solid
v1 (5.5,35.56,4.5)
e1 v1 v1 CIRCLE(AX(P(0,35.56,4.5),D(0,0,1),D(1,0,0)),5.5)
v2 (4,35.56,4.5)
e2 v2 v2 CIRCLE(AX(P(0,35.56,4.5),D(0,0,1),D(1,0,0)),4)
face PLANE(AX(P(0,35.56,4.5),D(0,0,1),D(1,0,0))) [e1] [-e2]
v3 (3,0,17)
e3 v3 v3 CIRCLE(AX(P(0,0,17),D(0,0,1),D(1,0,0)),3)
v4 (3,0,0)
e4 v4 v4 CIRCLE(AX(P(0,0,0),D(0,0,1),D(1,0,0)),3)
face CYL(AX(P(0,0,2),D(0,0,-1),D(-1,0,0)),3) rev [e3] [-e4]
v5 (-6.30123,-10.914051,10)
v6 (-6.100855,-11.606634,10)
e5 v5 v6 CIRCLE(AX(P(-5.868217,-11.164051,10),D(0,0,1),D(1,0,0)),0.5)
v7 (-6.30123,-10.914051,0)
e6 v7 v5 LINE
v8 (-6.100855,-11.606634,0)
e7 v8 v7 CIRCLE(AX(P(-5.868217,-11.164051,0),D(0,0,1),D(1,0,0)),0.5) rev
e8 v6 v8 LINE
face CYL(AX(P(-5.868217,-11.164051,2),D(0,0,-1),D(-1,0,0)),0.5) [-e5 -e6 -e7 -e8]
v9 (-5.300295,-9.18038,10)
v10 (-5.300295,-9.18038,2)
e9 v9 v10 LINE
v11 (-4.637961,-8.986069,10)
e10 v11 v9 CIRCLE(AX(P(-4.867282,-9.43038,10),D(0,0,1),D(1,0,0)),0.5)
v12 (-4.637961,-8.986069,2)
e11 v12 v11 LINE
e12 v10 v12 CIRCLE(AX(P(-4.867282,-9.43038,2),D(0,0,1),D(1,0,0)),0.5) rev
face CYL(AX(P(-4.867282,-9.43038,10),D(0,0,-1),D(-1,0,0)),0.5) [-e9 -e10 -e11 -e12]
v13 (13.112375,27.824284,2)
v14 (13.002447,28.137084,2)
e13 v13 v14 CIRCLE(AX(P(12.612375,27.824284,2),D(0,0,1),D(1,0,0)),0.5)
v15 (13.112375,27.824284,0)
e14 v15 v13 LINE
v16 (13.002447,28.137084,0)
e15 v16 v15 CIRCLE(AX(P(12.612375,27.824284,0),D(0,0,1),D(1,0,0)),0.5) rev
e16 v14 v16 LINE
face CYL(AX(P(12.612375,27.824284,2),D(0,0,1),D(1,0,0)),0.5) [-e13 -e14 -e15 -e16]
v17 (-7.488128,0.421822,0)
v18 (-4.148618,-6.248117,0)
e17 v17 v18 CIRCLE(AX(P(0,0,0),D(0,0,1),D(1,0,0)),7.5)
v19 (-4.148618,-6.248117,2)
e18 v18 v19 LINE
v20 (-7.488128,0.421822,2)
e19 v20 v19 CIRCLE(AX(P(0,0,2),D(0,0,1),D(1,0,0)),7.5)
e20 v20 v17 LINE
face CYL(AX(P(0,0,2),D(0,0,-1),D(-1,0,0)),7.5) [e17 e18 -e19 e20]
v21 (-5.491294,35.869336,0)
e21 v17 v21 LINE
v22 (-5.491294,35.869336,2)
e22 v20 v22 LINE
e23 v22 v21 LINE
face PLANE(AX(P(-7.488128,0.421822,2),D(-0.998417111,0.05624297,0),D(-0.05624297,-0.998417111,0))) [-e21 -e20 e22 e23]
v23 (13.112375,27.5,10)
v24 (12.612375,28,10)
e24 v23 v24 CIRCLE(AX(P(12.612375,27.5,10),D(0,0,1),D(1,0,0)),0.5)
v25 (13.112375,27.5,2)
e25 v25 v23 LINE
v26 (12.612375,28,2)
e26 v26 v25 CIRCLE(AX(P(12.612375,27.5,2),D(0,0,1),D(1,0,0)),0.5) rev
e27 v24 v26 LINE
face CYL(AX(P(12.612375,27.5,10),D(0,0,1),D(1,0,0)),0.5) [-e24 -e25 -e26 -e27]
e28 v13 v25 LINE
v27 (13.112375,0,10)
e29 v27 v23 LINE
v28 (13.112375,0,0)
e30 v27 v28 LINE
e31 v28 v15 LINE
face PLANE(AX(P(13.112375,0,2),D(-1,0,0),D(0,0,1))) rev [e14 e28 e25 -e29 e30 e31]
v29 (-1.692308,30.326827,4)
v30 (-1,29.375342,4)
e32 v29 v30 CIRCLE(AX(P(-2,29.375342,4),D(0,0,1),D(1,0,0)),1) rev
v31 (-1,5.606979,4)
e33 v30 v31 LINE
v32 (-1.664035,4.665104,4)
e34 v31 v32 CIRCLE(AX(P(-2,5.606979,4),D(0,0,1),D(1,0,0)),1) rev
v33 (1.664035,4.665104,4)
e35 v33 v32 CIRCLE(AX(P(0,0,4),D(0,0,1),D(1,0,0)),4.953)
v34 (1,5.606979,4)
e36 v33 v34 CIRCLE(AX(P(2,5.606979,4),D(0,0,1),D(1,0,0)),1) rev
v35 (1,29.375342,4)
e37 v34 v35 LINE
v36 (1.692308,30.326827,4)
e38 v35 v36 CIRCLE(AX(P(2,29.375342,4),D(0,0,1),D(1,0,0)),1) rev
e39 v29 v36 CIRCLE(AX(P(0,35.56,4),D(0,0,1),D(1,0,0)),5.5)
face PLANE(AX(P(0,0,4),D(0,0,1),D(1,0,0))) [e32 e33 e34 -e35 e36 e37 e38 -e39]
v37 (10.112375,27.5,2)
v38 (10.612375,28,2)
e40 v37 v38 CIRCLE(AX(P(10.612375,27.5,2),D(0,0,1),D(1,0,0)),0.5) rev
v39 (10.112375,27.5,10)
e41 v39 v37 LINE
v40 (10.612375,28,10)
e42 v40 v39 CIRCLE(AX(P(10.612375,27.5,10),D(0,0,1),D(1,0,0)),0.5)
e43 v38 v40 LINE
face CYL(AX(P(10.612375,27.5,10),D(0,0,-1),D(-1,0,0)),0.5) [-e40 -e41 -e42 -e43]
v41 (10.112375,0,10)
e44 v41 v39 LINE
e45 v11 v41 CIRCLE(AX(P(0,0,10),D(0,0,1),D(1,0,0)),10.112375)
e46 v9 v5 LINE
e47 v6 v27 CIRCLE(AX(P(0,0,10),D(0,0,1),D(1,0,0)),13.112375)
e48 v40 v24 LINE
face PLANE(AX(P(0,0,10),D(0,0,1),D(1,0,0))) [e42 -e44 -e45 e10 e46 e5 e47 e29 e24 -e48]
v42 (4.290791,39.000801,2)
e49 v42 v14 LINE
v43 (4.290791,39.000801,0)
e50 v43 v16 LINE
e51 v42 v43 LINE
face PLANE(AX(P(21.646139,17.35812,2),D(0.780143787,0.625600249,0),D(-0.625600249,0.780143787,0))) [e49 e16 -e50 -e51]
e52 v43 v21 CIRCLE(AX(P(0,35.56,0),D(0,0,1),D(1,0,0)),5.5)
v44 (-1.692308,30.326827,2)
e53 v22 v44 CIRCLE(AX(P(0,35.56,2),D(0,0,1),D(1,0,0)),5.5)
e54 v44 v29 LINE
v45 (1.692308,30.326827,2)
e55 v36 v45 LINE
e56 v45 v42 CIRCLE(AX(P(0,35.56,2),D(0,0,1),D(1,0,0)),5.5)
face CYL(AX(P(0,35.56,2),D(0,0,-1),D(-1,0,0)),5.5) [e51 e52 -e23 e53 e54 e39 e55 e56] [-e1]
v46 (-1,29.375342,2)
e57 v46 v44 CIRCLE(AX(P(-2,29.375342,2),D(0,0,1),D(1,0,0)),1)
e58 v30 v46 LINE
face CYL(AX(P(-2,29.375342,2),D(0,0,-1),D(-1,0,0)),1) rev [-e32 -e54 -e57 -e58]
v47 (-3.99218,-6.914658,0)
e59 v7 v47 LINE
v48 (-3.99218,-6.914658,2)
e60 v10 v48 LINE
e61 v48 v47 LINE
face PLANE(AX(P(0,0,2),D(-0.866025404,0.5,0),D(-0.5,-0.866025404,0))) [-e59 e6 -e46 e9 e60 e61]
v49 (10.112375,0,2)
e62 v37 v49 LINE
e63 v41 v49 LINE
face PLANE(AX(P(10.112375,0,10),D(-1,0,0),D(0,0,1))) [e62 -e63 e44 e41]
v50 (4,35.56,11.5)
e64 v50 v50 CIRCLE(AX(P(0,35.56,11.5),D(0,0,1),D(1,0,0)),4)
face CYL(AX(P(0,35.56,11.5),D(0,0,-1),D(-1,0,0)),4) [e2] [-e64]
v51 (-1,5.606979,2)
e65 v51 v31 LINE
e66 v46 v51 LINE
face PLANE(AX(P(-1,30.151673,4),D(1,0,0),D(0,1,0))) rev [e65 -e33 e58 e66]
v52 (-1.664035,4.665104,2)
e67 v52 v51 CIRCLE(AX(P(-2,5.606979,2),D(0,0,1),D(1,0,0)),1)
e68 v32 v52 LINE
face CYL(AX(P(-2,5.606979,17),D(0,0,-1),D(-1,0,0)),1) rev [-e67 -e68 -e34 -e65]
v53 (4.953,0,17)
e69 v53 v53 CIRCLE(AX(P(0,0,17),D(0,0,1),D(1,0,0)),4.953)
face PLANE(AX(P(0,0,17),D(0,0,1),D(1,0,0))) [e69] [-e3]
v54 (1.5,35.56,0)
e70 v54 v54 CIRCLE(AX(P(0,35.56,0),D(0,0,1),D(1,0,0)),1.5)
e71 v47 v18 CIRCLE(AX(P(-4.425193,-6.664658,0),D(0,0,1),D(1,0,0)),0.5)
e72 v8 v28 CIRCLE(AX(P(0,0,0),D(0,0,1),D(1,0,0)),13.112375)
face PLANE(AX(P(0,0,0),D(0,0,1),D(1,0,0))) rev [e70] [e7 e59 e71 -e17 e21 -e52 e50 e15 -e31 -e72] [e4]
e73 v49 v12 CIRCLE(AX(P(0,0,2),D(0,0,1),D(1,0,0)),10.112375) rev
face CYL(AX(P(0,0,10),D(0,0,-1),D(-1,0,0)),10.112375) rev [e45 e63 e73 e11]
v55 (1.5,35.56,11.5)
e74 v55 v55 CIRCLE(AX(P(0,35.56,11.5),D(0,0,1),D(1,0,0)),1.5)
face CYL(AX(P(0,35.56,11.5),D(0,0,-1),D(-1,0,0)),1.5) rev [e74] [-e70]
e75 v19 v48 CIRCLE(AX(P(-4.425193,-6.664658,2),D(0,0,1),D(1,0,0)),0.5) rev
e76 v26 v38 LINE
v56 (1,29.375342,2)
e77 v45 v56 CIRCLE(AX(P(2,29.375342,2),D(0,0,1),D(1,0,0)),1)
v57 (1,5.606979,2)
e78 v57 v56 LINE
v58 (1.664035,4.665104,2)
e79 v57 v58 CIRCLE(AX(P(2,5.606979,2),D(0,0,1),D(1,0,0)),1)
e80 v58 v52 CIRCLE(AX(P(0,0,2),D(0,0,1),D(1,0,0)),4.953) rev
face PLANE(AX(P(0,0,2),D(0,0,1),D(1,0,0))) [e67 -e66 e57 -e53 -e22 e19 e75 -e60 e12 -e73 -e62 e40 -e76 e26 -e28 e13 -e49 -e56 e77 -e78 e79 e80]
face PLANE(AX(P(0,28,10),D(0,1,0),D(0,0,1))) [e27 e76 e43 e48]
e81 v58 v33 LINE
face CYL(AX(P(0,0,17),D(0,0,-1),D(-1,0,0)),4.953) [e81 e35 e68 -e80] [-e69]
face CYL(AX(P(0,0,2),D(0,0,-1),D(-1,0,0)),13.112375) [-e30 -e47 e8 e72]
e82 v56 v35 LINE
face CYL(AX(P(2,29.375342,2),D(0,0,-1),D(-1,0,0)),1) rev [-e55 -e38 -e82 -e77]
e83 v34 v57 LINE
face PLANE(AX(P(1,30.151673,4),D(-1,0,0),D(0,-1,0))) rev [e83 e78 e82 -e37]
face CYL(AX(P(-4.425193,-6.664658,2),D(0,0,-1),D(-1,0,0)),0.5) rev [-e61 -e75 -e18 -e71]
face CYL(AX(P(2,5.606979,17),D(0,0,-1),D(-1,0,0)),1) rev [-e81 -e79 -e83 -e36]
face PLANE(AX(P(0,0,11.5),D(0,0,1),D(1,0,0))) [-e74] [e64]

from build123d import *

# Parameters (mm, degrees)
SKETCH1_R           = 4.000000000000001
SKETCH1_R_2         = 3
BOSS_EXTRUDE1_DEPTH = 2
SKETCH1_3_R         = 4.953
SKETCH1_3_R_2       = 3
BOSS_EXTRUDE2_DEPTH = 17
BOSS_EXTRUDE3_DEPTH = 10
SKETCH1_6_R         = 4.000000000000001
SKETCH1_6_R_2       = 1.500000000000002
BOSS_EXTRUDE4_DEPTH = 11.5
BOSS_EXTRUDE5_START = 2
SKETCH1_7_R         = 5.499999999999999
SKETCH1_7_R_2       = 4.000000000000001
BOSS_EXTRUDE5_DEPTH = 2.5
BOSS_EXTRUDE6_DEPTH = 2
FILLET3_R           = 0.5
FILLET4_R           = 0.5
FILLET5_R           = 0.5
FILLET6_R           = 1


with BuildPart() as part:
    # Sketch1 → Boss-Extrude1 (new body)
    with BuildSketch(Plane.XY):
        with BuildLine():
            ThreePointArc((-6.556187499999929, -11.355649853948018), (6.556187500000035, -11.355649853947956), (13.112374999999998, 2.22e-15))
            Line((13.112374999999998, 0), (13.112374999999998, 28))
            Line((13.112374999999998, 28), (4.290790826966845, 39.00080137165997))
            ThreePointArc((4.2907908269668456, 39.00080137165997), (-1.6768483404792127, 40.79814658472174), (-5.491294112785424, 35.869336332958376))
            Line((-5.491294112785426, 35.869336332958376), (-7.488128335616488, 0.42182227221597307))
            ThreePointArc((-7.488128335616491, 0.42182227221597324), (-6.5981170528310535, -3.5657890230831226), (-3.74999999999996, -6.495190528383313))
            Line((-3.74999999999996, -6.495190528383313), (-6.556187499999929, -11.355649853948018))
        make_face()
        with Locations((0, 35.559999999999995)):
            Circle(SKETCH1_R, mode=Mode.SUBTRACT)
        Circle(SKETCH1_R_2, mode=Mode.SUBTRACT)
    extrude(amount=BOSS_EXTRUDE1_DEPTH)

    # Sketch1<3> → Boss-Extrude2 (add)
    with BuildSketch(Plane.XY):
        Circle(SKETCH1_3_R)
        Circle(SKETCH1_3_R_2, mode=Mode.SUBTRACT)
    extrude(amount=BOSS_EXTRUDE2_DEPTH)

    # Sketch1<5> → Boss-Extrude3 (add)
    with BuildSketch(Plane.XY):
        with BuildLine():
            Line((10.112375, 28), (10.112375, 0))
            ThreePointArc((10.112375, -8.9e-16), (5.056187500000027, -8.757573642594647), (-5.056187499999945, -8.757573642594695))
            Line((-5.056187499999945, -8.757573642594695), (-6.556187499999929, -11.355649853948018))
            ThreePointArc((-6.556187499999929, -11.355649853948018), (6.556187500000035, -11.355649853947956), (13.112374999999998, 2.22e-15))
            Line((13.112374999999998, 0), (13.112374999999998, 28))
            Line((13.112374999999998, 28), (10.112375, 28))
        make_face()
    extrude(amount=BOSS_EXTRUDE3_DEPTH)

    # Sketch1<6> → Boss-Extrude4 (add)
    with BuildSketch(Plane.XY):
        with Locations((0, 35.559999999999995)):
            Circle(SKETCH1_6_R)
        with Locations((0, 35.559999999999995)):
            Circle(SKETCH1_6_R_2, mode=Mode.SUBTRACT)
    extrude(amount=BOSS_EXTRUDE4_DEPTH)

    # Sketch1<7> → Boss-Extrude5 (add)
    with BuildSketch(Plane.XY.offset(BOSS_EXTRUDE5_START)):
        with Locations(Location((0, 35.559999999999995, 0), (0, 0, 176.775813858))):
            Circle(SKETCH1_7_R)
        with Locations((0, 35.559999999999995)):
            Circle(SKETCH1_7_R_2, mode=Mode.SUBTRACT)
    extrude(amount=BOSS_EXTRUDE5_DEPTH)

    # Sketch3 → Boss-Extrude6 (add)
    with BuildSketch(Plane.XY.offset(2)):
        Polygon((-1, 30.151673086804013), (1, 30.151673086804013), (0.9999999999999977, 4.851000824572183), (-0.9999999999999977, 4.851000824572183), align=None)
    extrude(amount=BOSS_EXTRUDE6_DEPTH)

    # Fillet3
    fillet3_edges = [part.edges().sort_by_distance(p)[0] for p in [
        (10.112375, 28, 6),
        (13.112374999999998, 28, 6),
    ]]
    fillet(fillet3_edges, radius=FILLET3_R)

    # Fillet4
    fillet4_edges = [part.edges().sort_by_distance(p)[0] for p in [
        (13.112374999999998, 28, 1),
    ]]
    fillet(fillet4_edges, radius=FILLET4_R)

    # Fillet5
    fillet5_edges = [part.edges().sort_by_distance(p)[0] for p in [
        (-6.556187499999929, -11.355649853948018, 5),
        (-3.7499999999999605, -6.495190528383313, 1),
        (-5.056187499999946, -8.757573642594695, 6),
    ]]
    fillet(fillet5_edges, radius=FILLET5_R)

    # Fillet6
    fillet6_edges = [part.edges().sort_by_distance(p)[0] for p in [
        (-1, 30.151673086804013, 3),
        (-0.9999999999999977, 4.851000824572183, 3),
        (0.9999999999999977, 4.851000824572183, 3),
        (1, 30.151673086804013, 3),
    ]]
    fillet(fillet6_edges, radius=FILLET6_R)


solid = part.part
